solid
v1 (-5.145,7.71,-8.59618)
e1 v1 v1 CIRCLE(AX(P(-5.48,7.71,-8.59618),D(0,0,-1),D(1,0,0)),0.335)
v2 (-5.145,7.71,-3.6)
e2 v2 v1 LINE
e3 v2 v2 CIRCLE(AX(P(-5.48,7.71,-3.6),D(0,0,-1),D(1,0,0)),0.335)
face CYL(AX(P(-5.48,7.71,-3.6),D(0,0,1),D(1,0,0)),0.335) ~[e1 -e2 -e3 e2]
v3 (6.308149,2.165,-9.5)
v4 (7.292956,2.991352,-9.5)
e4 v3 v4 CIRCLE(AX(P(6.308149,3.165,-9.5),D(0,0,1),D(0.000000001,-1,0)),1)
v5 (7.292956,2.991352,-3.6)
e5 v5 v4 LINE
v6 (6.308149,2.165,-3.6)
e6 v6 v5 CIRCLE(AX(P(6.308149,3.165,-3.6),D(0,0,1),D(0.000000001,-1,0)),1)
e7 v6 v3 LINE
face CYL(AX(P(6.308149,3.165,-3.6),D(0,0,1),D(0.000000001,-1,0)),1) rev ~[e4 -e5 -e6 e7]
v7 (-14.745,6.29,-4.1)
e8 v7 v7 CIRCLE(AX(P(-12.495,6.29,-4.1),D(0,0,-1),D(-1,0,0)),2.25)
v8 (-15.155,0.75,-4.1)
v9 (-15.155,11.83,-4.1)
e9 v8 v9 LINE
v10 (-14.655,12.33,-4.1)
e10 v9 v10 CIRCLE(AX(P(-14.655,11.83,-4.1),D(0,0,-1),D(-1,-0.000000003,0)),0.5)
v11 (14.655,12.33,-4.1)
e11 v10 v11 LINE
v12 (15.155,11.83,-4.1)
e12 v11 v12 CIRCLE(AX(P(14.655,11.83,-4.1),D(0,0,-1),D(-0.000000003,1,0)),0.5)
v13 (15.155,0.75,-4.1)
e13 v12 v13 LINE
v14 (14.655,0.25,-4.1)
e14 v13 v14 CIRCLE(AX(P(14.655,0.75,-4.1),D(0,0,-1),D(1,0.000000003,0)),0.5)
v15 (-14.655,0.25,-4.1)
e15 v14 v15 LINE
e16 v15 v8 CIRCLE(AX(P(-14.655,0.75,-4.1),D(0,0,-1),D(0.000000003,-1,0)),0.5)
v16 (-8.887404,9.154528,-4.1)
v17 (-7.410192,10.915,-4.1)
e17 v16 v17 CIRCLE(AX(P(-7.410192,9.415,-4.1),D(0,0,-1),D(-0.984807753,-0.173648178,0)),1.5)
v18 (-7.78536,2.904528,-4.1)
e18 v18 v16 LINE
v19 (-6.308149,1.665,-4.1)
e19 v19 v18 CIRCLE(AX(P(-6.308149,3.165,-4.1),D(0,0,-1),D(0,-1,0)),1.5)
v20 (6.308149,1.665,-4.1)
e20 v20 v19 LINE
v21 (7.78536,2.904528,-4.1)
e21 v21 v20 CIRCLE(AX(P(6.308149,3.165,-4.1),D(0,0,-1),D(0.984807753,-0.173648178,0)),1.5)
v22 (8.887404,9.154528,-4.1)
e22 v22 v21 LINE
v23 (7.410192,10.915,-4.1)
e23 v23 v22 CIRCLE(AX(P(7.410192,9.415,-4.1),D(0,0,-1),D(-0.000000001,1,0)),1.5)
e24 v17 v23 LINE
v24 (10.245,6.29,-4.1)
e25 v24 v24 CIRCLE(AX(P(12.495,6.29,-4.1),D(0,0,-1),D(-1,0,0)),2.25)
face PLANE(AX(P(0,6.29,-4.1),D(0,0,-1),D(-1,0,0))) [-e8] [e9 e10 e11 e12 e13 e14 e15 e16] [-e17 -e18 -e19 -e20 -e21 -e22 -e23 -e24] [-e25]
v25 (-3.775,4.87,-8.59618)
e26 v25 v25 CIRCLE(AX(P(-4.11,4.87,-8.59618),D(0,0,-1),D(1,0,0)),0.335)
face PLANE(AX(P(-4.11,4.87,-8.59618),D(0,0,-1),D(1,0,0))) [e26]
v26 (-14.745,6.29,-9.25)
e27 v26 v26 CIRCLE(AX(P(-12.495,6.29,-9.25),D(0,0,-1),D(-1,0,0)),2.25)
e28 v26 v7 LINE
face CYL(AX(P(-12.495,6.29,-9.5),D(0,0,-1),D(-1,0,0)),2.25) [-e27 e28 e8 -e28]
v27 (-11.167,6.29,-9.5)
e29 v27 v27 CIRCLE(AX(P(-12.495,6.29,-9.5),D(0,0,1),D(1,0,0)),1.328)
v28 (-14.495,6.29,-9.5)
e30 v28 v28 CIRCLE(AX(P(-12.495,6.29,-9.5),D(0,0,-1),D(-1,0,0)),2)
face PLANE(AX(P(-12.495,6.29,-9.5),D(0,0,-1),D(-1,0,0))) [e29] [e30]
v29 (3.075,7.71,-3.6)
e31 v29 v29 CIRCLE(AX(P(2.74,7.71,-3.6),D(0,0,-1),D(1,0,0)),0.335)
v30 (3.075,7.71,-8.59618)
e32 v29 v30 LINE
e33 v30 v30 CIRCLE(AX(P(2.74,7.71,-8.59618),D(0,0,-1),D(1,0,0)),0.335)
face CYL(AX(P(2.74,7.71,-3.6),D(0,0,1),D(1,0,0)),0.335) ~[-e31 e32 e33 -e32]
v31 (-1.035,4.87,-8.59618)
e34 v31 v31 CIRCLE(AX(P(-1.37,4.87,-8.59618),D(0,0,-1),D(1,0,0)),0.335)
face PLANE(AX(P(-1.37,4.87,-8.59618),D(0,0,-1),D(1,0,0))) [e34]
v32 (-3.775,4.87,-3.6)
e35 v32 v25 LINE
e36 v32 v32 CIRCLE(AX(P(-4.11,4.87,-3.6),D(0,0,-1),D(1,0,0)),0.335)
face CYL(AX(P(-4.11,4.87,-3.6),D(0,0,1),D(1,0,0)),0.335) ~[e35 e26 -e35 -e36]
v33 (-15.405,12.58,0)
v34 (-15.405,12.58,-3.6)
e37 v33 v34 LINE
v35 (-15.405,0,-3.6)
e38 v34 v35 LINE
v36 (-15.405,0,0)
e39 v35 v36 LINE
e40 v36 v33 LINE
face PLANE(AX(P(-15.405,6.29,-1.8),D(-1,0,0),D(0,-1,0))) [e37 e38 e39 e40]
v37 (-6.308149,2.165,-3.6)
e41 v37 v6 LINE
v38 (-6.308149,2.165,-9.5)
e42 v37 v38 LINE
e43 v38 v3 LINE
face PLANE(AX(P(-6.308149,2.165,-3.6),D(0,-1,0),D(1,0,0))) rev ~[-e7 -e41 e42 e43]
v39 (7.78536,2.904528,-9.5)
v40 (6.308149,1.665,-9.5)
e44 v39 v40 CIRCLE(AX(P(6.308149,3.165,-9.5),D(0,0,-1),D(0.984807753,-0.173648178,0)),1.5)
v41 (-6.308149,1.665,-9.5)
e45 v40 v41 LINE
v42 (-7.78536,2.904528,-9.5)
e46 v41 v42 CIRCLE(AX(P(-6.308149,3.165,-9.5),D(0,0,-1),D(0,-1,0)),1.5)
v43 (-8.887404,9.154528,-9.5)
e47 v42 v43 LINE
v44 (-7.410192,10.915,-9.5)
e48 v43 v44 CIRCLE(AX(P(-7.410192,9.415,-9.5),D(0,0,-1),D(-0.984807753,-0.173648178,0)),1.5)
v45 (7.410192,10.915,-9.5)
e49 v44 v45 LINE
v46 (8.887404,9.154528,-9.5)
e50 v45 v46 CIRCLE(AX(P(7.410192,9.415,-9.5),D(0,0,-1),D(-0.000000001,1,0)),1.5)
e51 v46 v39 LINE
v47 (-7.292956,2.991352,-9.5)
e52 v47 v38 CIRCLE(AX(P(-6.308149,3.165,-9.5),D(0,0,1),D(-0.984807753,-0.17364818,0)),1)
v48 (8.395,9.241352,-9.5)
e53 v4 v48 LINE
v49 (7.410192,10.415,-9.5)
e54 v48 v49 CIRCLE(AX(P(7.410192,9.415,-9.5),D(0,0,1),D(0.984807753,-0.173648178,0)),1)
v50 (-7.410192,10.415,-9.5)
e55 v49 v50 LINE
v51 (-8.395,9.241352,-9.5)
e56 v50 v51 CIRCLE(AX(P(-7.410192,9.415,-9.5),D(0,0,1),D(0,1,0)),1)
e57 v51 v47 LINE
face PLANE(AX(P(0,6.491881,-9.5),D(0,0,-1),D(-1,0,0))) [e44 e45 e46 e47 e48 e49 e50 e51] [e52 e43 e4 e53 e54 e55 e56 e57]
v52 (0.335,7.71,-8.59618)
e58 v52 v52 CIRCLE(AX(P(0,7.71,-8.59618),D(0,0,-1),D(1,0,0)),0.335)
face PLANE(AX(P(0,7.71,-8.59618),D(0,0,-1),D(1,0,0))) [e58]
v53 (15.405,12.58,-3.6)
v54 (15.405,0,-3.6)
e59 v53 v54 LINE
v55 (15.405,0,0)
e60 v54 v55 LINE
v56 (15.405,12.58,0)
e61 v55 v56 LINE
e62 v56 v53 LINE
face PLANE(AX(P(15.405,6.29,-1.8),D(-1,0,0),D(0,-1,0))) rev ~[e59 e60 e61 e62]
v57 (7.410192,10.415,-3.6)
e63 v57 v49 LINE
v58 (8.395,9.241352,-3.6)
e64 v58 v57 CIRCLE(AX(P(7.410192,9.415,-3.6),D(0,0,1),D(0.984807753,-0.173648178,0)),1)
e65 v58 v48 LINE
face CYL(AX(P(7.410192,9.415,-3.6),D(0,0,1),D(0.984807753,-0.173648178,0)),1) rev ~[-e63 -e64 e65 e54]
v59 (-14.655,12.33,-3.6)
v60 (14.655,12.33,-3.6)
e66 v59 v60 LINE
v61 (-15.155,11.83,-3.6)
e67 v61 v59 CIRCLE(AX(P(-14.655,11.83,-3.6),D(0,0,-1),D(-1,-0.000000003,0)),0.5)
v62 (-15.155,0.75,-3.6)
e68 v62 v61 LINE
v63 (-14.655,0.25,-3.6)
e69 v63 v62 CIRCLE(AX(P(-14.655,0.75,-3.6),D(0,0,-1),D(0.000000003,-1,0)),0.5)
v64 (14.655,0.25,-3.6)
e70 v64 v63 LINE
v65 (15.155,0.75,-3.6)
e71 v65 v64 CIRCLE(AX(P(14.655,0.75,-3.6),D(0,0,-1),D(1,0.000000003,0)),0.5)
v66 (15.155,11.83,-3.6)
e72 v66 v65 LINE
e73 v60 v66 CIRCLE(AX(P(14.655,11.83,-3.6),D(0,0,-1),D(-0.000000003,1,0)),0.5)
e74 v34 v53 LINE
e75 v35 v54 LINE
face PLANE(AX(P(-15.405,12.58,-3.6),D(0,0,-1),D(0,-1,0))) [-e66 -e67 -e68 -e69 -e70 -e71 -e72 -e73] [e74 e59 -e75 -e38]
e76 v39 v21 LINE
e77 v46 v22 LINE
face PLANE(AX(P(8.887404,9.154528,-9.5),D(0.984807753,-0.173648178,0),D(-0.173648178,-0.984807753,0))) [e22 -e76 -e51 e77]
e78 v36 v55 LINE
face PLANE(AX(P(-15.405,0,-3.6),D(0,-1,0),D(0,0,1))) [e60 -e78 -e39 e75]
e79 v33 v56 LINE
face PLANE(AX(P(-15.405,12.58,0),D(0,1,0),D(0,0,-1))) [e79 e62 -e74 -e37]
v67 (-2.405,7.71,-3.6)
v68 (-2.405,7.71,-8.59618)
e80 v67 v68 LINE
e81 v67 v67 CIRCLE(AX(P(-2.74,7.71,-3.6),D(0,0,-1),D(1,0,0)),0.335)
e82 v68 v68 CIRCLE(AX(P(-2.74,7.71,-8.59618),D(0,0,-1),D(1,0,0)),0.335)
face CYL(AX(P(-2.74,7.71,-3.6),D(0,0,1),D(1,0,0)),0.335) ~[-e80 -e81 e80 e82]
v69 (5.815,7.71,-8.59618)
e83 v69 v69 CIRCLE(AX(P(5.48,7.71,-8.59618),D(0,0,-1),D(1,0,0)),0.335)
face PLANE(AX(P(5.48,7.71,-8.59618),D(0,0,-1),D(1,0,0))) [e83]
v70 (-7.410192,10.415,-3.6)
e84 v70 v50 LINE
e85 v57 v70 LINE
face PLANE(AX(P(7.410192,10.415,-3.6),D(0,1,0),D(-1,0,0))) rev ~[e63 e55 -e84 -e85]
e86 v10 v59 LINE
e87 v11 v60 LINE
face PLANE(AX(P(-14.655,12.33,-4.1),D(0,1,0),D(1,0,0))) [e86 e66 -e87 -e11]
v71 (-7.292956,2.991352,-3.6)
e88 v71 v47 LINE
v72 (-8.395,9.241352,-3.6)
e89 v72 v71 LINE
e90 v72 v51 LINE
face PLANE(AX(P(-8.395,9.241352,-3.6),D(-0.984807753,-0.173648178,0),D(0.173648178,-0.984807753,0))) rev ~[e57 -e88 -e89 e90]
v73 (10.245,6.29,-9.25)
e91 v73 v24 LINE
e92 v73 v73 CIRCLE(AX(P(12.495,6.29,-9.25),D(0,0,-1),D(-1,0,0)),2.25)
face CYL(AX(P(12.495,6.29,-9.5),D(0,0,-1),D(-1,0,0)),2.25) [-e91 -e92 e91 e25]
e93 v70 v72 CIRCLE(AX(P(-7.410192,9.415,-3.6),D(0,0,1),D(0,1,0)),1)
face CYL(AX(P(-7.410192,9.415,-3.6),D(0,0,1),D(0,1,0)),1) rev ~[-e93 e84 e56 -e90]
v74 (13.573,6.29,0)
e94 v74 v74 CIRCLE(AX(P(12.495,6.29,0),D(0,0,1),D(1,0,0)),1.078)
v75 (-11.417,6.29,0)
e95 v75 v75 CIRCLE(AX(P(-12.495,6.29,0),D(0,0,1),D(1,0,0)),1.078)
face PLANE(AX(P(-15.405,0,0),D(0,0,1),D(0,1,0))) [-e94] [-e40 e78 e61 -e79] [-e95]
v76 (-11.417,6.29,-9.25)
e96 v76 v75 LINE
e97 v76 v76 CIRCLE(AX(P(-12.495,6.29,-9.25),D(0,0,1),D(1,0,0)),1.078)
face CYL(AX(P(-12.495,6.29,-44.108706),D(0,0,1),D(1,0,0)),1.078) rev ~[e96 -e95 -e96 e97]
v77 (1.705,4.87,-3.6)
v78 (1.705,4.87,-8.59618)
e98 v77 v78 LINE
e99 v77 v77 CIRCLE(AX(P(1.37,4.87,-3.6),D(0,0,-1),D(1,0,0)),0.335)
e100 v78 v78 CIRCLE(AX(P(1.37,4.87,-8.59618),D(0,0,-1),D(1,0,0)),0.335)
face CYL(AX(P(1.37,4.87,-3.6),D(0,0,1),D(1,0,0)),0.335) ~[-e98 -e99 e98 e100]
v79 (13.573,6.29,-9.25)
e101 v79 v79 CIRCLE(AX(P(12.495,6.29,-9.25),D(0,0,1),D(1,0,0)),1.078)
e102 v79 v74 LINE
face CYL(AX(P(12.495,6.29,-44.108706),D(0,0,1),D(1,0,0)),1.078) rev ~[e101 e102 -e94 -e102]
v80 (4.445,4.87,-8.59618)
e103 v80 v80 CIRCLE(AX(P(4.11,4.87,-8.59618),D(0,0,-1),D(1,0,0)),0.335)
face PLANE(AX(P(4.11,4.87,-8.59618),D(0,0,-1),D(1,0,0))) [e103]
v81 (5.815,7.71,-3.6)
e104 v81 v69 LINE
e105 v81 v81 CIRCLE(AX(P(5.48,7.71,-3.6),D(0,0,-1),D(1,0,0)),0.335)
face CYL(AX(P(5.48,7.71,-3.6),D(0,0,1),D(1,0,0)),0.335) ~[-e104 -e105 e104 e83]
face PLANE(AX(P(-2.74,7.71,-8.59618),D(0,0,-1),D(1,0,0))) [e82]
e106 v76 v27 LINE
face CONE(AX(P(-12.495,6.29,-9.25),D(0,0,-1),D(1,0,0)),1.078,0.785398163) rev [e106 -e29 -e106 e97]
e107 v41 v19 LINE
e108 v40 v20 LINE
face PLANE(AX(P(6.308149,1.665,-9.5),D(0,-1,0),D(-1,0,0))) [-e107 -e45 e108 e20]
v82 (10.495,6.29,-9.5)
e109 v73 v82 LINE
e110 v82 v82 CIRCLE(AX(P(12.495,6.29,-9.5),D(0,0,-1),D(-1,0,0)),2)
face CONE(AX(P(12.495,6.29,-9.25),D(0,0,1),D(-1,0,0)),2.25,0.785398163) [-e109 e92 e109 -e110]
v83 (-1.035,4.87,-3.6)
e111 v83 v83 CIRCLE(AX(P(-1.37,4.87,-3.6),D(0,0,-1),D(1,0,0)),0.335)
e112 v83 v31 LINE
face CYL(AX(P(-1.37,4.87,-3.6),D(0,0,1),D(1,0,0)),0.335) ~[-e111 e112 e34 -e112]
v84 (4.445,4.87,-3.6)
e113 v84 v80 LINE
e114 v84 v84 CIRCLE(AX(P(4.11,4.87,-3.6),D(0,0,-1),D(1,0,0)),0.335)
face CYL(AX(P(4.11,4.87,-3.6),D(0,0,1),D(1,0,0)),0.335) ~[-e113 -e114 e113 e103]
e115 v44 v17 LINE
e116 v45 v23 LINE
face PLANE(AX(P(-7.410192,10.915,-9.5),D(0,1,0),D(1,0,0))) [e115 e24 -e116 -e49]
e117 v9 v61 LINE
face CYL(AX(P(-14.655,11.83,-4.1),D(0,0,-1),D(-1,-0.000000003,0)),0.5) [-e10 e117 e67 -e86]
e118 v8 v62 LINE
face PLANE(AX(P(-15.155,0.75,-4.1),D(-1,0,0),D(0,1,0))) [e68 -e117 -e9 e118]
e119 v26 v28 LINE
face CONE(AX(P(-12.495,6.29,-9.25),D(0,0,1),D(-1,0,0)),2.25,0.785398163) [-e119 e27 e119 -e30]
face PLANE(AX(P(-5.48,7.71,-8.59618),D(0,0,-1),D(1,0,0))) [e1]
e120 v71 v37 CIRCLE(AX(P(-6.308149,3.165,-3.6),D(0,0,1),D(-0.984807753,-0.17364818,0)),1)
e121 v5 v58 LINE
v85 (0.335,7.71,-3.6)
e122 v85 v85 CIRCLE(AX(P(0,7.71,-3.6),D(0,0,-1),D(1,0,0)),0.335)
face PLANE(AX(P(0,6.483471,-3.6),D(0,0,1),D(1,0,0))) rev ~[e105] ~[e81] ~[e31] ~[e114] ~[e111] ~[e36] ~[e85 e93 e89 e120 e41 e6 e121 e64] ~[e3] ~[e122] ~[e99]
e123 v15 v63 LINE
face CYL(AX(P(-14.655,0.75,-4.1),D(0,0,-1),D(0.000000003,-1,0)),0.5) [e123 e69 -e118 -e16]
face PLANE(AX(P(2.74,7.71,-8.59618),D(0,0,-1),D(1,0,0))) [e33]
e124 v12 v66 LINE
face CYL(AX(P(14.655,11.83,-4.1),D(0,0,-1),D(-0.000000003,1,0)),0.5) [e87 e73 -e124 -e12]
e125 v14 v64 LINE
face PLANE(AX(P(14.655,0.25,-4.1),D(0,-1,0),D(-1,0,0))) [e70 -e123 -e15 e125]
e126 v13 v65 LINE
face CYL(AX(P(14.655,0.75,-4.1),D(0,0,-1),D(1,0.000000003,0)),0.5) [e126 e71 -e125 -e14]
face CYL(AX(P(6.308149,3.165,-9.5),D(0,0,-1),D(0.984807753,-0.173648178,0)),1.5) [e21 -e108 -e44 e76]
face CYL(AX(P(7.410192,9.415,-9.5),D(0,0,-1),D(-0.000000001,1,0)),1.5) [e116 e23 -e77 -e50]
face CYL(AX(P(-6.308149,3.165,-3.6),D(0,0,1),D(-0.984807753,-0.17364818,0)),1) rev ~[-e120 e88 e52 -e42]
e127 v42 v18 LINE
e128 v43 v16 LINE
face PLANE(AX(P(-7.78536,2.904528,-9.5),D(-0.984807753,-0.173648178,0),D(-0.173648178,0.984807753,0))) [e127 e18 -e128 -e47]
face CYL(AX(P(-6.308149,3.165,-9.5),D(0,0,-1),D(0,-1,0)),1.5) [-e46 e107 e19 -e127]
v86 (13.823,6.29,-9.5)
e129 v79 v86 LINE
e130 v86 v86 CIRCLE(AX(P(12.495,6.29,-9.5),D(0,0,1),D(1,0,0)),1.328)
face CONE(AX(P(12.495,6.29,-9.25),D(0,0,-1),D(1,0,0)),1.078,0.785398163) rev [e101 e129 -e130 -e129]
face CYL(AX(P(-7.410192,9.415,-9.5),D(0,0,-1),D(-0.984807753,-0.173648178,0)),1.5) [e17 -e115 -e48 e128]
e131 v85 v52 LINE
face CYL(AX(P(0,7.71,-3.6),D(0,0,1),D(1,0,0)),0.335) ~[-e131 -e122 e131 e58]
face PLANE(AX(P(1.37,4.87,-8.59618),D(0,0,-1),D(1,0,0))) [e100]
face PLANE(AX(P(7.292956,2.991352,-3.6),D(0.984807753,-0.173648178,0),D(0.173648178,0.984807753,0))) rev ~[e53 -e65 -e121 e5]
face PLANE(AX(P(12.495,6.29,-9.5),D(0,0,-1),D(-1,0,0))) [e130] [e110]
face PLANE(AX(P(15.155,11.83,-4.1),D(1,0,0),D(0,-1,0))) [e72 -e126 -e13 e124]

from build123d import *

# Parameters (mm, degrees)
BOSS_EXTRUDE1_DEPTH  = 30.81
BOSS_EXTRUDE2_DEPTH  = 0.5
BOSS_EXTRUDE3_DEPTH  = 5.4
CUT_EXTRUDE1_REACH   = 22.746
BOSS_EXTRUDE14_REACH = 24.041
SKETCH15_R           = 2.25
HOLE1_D              = 2.156
CHAMFER1_SIZE        = 0.25
SKETCH19_R           = 0.335
BOSS_EXTRUDE15_DEPTH = 4.99618


with BuildPart() as part:
    # Sketch1 → Boss-Extrude1 (new body)
    with BuildSketch(Plane(origin=(-15.405, 0, 0), x_dir=(0, -1, 0), z_dir=(-1, 0, 0))):
        Polygon((-12.58, -3.6), (0, -3.6), (0, 0), (-3.599999999, 0), (-12.58, 0), align=None)
    extrude(amount=-BOSS_EXTRUDE1_DEPTH)

    # Sketch2 → Boss-Extrude2 (add)
    with BuildSketch(Plane(origin=(0, 0, -4.1), x_dir=(-1, 0, 0), z_dir=(0, 0, -1))):
        with BuildLine():
            Line((-15.155, 11.83), (-15.155, 0.75))
            ThreePointArc((-15.155, 0.75), (-15.008553391, 0.396446609), (-14.655, 0.25))
            Line((-14.655, 0.25), (14.655, 0.25))
            ThreePointArc((14.655, 0.25), (15.008553391, 0.396446609), (15.155, 0.75))
            Line((15.155, 0.75), (15.155, 11.83))
            ThreePointArc((15.155, 11.83), (15.008553391, 12.183553391), (14.655, 12.33))
            Line((14.655, 12.33), (-14.655, 12.33))
            ThreePointArc((-14.655, 12.33), (-15.008553391, 12.183553391), (-15.155, 11.83))
        make_face()
    extrude(amount=-BOSS_EXTRUDE2_DEPTH)

    # Sketch3 → Boss-Extrude3 (add)
    with BuildSketch(Plane(origin=(0, 0, -9.5), x_dir=(-1, 0, 0), z_dir=(0, 0, -1))):
        with BuildLine():
            Line((-8.887403877, 9.154527733), (-7.785360247, 2.904527733))
            ThreePointArc((-7.785360247, 2.904527733), (-7.272330032, 2.015933335), (-6.308148618, 1.665))
            Line((-6.308148618, 1.665), (6.308148618, 1.665))
            ThreePointArc((6.308148618, 1.665), (7.272330032, 2.015933335), (7.785360247, 2.904527733))
            Line((7.785360247, 2.904527733), (8.887403877, 9.154527733))
            ThreePointArc((8.887403877, 9.154527733), (8.559258912, 10.379181415), (7.410192247, 10.915))
            Line((7.410192247, 10.915), (-7.410192247, 10.915))
            ThreePointArc((-7.410192247, 10.915), (-8.559258912, 10.379181415), (-8.887403877, 9.154527733))
        make_face()
    extrude(amount=-BOSS_EXTRUDE3_DEPTH)

    # Sketch4 → Cut-Extrude1 (cut, up to next)
    with BuildSketch(Plane.XY.offset(-3.6), mode=Mode.PRIVATE) as cut_extrude1_sk1:
        with BuildLine():
            Line((7.410192247, 10.415), (-7.410192247, 10.415))
            ThreePointArc((-7.410192247, 10.415), (-8.17623669, 10.05778761), (-8.395, 9.241351822))
            Line((-8.395, 9.241351822), (-7.292956371, 2.991351822))
            ThreePointArc((-7.292956371, 2.991351822), (-6.950936227, 2.398955557), (-6.308148618, 2.165))
            Line((-6.308148618, 2.165), (6.308148618, 2.165))
            ThreePointArc((6.308148618, 2.165), (6.950936227, 2.398955557), (7.292956371, 2.991351822))
            Line((7.292956371, 2.991351822), (8.395, 9.241351822))
            ThreePointArc((8.395, 9.241351822), (8.17623669, 10.05778761), (7.410192247, 10.415))
        make_face()
    cut_extrude1_tool1 = extrude(cut_extrude1_sk1.sketch, amount=-CUT_EXTRUDE1_REACH, mode=Mode.PRIVATE) & part.part
    add(cut_extrude1_tool1.solids().sort_by_distance((0, 6.407458, -3.6))[0], mode=Mode.SUBTRACT)

    # Sketch15 → Boss-Extrude14 (add, up to next)
    with BuildSketch(Plane(origin=(0, 0, -9.5), x_dir=(-1, 0, 0), z_dir=(0, 0, -1)), mode=Mode.PRIVATE) as boss_extrude14_sk1:
        with Locations((-12.495, 6.29)):
            Circle(SKETCH15_R)
    boss_extrude14_tool1 = extrude(boss_extrude14_sk1.sketch, amount=-BOSS_EXTRUDE14_REACH, mode=Mode.PRIVATE) - part.part
    # Sketch15 → Boss-Extrude14 (add, up to next)
    with BuildSketch(Plane(origin=(0, 0, -9.5), x_dir=(-1, 0, 0), z_dir=(0, 0, -1)), mode=Mode.PRIVATE) as boss_extrude14_sk2:
        with Locations((12.495, 6.29)):
            Circle(SKETCH15_R)
    boss_extrude14_tool2 = extrude(boss_extrude14_sk2.sketch, amount=-BOSS_EXTRUDE14_REACH, mode=Mode.PRIVATE) - part.part
    add(boss_extrude14_tool1.solids().sort_by_distance((12.495, 6.29, -9.5))[0])
    add(boss_extrude14_tool2.solids().sort_by_distance((-12.495, 6.29, -9.5))[0])

    # Hole1 (through all)
    with Locations(Plane(origin=(0, 0, -9.5), x_dir=(-1, 0, 0), z_dir=(0, 0, -1))):
        with Locations((12.495, 6.29), (-12.495, 6.29)):
            Hole(HOLE1_D / 2)

    # Chamfer1
    chamfer1_edges = [part.edges().sort_by_distance(p)[0] for p in [
        (14.745, 6.29, -9.5),
        (-10.245, 6.29, -9.5),
        (11.417, 6.29, -9.5),
        (-13.573, 6.29, -9.5),
    ]]
    chamfer(chamfer1_edges, length=CHAMFER1_SIZE)

    # Sketch19 → Boss-Extrude15 (add)
    with BuildSketch(Plane(origin=(0, 0, -3.6), x_dir=(-1, 0, 0), z_dir=(0, 0, -1))):
        with Locations(Location((-5.48, 7.71, 0), (0, 0, 180))):
            Circle(SKETCH19_R)
        with Locations(Location((-2.74, 7.71, 0), (0, 0, 180))):
            Circle(SKETCH19_R)
        with Locations(Location((0, 7.71, 0), (0, 0, 180))):
            Circle(SKETCH19_R)
        with Locations(Location((2.74, 7.71, 0), (0, 0, 180))):
            Circle(SKETCH19_R)
        with Locations(Location((5.48, 7.71, 0), (0, 0, 180))):
            Circle(SKETCH19_R)
        with Locations(Location((4.11, 4.87, 0), (0, 0, 180))):
            Circle(SKETCH19_R)
        with Locations(Location((1.37, 4.87, 0), (0, 0, 180))):
            Circle(SKETCH19_R)
        with Locations(Location((-1.37, 4.87, 0), (0, 0, 180))):
            Circle(SKETCH19_R)
        with Locations(Location((-4.11, 4.87, 0), (0, 0, 180))):
            Circle(SKETCH19_R)
    extrude(amount=BOSS_EXTRUDE15_DEPTH)


solid = part.part
